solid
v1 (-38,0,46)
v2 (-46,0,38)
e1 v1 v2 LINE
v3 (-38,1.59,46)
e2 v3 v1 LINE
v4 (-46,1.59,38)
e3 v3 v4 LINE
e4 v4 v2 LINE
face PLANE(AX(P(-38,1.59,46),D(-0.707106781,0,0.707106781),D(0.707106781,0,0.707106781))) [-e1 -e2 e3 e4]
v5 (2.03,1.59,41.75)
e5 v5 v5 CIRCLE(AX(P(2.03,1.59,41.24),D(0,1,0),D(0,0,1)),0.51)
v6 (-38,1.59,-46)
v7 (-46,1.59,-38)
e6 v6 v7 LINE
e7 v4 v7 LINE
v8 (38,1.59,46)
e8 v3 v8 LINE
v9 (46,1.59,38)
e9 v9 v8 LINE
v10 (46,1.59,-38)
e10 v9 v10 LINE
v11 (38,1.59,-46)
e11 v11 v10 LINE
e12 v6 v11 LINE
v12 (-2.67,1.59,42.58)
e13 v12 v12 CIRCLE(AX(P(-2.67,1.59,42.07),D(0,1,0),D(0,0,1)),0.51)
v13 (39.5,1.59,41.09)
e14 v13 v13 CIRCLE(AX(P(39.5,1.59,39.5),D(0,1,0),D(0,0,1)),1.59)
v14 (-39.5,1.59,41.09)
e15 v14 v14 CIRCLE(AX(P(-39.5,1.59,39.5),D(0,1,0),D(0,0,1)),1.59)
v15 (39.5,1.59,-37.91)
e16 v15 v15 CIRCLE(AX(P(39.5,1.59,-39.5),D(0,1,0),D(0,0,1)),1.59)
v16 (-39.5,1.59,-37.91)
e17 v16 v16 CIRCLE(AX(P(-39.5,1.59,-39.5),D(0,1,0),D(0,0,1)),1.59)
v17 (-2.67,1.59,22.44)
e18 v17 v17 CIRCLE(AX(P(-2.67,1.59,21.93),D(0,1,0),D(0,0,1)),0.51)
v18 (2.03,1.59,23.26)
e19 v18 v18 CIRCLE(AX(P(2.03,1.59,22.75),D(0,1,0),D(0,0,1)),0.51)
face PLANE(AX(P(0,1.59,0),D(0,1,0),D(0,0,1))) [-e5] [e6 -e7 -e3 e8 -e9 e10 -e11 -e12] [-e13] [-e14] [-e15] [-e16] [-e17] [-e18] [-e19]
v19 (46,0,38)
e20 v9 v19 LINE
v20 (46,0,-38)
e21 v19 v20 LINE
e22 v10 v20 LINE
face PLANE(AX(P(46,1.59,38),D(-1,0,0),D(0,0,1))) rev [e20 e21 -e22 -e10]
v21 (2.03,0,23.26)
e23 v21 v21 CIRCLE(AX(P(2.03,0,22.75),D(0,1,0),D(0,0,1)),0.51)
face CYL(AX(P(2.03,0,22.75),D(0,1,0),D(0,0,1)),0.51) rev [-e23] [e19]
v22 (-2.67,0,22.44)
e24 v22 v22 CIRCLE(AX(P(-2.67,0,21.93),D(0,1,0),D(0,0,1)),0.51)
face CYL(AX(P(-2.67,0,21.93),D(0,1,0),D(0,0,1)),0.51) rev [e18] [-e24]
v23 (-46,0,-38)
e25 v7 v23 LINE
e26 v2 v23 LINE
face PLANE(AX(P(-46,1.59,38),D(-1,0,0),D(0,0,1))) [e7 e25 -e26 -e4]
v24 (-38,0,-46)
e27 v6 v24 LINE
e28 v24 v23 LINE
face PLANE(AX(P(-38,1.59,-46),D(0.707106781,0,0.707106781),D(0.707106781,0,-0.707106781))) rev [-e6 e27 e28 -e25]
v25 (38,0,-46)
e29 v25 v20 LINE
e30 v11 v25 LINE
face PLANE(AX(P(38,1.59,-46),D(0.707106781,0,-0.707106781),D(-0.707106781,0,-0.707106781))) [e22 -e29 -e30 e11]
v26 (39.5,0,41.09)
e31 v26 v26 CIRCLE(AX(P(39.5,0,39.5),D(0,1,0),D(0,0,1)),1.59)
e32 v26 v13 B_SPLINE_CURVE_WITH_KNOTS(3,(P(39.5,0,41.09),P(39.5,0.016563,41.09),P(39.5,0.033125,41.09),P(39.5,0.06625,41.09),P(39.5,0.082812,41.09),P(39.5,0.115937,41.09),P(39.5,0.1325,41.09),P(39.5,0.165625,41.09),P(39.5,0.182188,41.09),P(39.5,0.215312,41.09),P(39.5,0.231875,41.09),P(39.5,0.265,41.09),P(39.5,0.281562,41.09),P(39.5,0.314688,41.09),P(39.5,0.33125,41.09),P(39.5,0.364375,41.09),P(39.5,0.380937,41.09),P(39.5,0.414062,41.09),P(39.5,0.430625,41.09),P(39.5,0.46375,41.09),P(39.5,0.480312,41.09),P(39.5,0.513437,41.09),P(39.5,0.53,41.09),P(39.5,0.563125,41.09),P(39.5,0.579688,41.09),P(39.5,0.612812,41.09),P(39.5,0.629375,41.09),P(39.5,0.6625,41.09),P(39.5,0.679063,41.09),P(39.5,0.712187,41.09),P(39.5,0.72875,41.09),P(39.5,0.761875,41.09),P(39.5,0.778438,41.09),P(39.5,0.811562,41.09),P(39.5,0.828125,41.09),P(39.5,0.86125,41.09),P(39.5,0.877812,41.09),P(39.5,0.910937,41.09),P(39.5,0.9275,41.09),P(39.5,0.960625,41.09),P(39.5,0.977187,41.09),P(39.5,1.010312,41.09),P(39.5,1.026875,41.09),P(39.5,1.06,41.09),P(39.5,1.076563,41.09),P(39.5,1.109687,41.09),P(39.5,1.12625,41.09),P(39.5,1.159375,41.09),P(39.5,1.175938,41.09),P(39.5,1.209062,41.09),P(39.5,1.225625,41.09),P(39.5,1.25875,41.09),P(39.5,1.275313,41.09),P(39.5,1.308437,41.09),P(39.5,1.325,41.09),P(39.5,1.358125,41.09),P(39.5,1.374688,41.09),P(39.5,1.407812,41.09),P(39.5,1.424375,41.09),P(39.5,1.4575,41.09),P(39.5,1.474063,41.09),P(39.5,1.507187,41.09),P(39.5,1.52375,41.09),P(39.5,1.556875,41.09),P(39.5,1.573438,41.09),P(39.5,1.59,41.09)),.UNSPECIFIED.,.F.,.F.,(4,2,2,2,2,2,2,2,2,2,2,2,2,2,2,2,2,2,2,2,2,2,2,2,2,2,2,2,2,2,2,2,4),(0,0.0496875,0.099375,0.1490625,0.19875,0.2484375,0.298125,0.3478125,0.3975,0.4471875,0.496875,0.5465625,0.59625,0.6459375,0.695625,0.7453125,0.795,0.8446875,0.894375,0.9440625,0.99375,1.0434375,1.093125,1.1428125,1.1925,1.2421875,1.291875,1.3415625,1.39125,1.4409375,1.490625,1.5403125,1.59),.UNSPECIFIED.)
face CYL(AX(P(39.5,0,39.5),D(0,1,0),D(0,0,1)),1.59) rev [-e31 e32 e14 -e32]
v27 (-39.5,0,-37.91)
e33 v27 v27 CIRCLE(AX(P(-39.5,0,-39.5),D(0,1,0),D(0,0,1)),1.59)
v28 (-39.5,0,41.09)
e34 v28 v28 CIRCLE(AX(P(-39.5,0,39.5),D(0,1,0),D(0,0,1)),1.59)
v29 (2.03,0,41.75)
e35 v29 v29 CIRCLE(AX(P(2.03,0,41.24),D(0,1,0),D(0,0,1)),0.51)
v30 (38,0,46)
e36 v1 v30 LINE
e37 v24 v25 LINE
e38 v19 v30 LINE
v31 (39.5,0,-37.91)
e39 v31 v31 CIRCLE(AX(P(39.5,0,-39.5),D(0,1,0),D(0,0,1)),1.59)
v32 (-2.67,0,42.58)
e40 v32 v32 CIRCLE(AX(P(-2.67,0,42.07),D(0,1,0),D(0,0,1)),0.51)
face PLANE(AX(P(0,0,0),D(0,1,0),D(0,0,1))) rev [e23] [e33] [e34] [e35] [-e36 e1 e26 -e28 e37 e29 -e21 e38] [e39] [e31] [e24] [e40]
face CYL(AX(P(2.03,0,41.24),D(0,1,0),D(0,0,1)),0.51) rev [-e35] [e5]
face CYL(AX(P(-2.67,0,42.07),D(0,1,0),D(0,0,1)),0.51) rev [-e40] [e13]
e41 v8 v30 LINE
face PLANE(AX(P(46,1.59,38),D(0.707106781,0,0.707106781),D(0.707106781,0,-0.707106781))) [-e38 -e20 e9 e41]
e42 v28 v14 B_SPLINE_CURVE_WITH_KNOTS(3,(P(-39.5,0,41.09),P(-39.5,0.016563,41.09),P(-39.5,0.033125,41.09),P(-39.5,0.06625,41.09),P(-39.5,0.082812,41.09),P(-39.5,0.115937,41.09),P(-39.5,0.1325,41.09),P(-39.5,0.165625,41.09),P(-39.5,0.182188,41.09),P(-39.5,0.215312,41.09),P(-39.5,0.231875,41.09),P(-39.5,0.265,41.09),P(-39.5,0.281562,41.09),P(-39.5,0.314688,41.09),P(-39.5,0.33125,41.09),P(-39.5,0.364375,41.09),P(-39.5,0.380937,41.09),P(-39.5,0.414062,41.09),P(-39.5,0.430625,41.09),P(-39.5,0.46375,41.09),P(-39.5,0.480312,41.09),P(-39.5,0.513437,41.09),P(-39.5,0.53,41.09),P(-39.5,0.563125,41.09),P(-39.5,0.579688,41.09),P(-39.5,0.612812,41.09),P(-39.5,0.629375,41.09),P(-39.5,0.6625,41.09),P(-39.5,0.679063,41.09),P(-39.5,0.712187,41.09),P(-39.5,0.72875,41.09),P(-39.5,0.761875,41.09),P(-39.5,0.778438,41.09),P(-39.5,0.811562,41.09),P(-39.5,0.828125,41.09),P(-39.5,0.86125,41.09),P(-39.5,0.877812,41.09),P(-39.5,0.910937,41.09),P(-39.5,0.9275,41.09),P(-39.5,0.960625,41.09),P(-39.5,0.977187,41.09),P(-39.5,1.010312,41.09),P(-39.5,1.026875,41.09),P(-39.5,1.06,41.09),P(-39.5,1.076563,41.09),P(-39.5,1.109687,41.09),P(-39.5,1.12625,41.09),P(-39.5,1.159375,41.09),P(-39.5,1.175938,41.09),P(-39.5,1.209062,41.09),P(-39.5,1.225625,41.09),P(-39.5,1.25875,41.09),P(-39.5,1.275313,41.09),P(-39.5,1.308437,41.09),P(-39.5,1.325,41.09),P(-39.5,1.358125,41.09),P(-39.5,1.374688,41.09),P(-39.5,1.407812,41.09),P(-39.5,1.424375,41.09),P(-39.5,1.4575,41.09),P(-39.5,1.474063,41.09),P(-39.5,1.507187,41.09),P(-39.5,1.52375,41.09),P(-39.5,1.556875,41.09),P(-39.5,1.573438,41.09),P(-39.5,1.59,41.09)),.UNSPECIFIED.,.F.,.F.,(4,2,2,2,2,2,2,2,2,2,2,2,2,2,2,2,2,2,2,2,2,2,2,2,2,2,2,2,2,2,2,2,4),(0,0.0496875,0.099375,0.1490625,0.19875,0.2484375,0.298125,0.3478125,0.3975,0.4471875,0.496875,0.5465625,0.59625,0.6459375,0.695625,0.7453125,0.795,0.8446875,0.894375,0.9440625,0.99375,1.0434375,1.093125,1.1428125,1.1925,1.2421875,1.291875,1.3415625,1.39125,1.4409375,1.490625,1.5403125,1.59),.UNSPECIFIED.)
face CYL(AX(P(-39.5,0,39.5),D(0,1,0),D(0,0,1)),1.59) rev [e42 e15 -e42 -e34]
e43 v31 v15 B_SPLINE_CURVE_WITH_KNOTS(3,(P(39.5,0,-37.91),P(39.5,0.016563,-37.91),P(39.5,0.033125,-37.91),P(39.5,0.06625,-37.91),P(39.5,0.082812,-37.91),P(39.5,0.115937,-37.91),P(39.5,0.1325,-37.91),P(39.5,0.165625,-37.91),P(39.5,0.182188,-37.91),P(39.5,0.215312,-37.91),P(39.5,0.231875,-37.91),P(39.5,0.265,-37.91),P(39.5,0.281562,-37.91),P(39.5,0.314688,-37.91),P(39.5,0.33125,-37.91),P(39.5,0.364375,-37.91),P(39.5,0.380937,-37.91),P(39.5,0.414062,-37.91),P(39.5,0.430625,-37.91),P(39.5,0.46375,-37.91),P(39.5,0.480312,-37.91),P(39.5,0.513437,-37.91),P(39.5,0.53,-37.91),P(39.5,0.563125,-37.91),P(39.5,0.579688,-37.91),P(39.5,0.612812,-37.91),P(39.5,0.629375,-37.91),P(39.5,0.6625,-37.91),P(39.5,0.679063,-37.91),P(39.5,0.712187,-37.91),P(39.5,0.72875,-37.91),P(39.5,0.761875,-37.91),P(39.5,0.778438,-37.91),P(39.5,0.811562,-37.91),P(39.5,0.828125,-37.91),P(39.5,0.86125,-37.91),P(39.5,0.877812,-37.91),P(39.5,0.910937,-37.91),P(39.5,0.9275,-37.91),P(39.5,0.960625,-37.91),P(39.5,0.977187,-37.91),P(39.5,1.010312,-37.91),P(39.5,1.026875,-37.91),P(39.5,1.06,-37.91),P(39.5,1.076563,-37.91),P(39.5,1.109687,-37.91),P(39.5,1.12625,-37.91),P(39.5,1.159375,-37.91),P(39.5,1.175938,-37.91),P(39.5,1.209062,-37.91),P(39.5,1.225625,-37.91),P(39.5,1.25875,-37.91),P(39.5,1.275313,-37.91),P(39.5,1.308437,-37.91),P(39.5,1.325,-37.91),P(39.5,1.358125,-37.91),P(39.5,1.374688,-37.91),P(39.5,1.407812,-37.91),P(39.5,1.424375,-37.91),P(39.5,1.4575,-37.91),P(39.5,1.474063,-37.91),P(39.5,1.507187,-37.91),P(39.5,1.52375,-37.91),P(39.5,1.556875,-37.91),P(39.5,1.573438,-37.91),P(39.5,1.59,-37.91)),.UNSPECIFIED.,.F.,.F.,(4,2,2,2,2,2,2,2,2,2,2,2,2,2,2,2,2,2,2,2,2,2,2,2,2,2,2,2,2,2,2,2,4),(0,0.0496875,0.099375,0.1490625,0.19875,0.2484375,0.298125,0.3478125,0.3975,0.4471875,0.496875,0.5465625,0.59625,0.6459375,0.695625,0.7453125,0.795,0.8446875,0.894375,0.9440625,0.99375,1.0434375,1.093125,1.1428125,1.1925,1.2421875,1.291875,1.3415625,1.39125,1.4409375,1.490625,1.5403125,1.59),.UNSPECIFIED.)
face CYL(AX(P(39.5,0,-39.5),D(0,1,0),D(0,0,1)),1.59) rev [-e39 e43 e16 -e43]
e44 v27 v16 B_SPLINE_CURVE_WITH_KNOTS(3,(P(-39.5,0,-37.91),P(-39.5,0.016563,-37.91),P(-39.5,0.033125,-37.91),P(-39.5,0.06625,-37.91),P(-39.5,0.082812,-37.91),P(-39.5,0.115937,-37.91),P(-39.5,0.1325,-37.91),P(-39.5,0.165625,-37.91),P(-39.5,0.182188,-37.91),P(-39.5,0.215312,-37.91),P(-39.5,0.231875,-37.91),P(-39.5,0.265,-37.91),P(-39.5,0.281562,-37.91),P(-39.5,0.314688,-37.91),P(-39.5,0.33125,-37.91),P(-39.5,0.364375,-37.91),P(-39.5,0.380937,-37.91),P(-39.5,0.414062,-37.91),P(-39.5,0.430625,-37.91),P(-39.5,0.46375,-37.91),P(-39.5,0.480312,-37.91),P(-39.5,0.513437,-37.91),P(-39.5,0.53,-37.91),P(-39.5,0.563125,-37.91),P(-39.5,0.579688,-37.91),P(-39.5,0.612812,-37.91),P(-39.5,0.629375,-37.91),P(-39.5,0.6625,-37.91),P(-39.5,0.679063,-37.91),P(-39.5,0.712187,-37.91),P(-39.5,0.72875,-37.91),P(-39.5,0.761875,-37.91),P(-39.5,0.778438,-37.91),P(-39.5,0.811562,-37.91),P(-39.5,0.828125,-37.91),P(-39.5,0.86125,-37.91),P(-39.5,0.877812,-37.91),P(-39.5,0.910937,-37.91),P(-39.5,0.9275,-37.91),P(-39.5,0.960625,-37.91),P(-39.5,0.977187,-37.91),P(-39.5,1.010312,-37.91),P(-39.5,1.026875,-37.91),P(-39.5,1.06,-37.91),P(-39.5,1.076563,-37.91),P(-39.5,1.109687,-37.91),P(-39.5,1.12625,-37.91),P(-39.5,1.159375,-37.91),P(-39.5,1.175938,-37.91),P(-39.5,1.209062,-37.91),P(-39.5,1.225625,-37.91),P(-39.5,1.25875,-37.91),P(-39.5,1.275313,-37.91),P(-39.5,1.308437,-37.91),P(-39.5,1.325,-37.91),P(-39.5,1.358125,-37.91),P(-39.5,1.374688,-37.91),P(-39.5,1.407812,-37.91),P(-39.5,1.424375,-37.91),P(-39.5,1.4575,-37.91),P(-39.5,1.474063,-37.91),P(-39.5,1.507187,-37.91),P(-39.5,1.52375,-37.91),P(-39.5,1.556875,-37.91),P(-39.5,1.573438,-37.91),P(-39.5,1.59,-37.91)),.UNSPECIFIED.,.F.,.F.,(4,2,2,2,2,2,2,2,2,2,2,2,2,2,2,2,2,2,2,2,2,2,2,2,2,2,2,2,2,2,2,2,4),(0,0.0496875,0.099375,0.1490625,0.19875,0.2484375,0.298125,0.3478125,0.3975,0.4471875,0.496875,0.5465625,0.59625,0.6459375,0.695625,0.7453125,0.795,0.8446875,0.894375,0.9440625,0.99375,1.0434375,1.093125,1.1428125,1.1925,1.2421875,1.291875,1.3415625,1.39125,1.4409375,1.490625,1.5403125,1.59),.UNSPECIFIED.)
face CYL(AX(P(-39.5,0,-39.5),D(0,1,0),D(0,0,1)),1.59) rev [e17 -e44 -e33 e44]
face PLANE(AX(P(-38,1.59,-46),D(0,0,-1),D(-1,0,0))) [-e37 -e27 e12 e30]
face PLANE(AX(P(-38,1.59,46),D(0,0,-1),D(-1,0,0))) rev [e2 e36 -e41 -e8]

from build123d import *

# Parameters (mm, degrees)
BOSS_EXTRUDE1_DEPTH = 1.59
SKETCH3_R           = 1.59
SKETCH3_R_2         = 0.51
CUT_EXTRUDE1_DEPTH  = 66.073251801


with BuildPart() as part:
    # Sketch1 → Boss-Extrude1 (new body)
    with BuildSketch(Plane(origin=(0, 0, 0), x_dir=(1, 0, 0), z_dir=(0, 1, 0))):
        Polygon((-38, 46), (-46, 38), (-46, -38), (-38, -46), (38, -46), (46, -38), (46, 38), (38, 46), align=None)
    extrude(amount=BOSS_EXTRUDE1_DEPTH)

    # Sketch3 → Cut-Extrude1 (cut, through all)
    with BuildSketch(Plane(origin=(0, 1.59, 0), x_dir=(1, 0, 0), z_dir=(0, 1, 0))):
        with Locations(Location((-39.5, 39.5, 0), (0, 0, 270))):
            Circle(SKETCH3_R)
        with Locations(Location((39.5, 39.5, 0), (0, 0, 270))):
            Circle(SKETCH3_R)
        with Locations(Location((39.5, -39.5, 0), (0, 0, 270))):
            Circle(SKETCH3_R)
        with Locations(Location((-39.5, -39.5, 0), (0, 0, 270))):
            Circle(SKETCH3_R)
        with Locations(Location((-2.67, -21.93, 0), (0, 0, 270))):
            Circle(SKETCH3_R_2)
        with Locations(Location((2.03, -22.75, 0), (0, 0, 270))):
            Circle(SKETCH3_R_2)
        with Locations(Location((-2.67, -42.07, 0), (0, 0, 270))):
            Circle(SKETCH3_R_2)
        with Locations(Location((2.03, -41.24, 0), (0, 0, 270))):
            Circle(SKETCH3_R_2)
    extrude(amount=-CUT_EXTRUDE1_DEPTH, mode=Mode.SUBTRACT)


solid = part.part
